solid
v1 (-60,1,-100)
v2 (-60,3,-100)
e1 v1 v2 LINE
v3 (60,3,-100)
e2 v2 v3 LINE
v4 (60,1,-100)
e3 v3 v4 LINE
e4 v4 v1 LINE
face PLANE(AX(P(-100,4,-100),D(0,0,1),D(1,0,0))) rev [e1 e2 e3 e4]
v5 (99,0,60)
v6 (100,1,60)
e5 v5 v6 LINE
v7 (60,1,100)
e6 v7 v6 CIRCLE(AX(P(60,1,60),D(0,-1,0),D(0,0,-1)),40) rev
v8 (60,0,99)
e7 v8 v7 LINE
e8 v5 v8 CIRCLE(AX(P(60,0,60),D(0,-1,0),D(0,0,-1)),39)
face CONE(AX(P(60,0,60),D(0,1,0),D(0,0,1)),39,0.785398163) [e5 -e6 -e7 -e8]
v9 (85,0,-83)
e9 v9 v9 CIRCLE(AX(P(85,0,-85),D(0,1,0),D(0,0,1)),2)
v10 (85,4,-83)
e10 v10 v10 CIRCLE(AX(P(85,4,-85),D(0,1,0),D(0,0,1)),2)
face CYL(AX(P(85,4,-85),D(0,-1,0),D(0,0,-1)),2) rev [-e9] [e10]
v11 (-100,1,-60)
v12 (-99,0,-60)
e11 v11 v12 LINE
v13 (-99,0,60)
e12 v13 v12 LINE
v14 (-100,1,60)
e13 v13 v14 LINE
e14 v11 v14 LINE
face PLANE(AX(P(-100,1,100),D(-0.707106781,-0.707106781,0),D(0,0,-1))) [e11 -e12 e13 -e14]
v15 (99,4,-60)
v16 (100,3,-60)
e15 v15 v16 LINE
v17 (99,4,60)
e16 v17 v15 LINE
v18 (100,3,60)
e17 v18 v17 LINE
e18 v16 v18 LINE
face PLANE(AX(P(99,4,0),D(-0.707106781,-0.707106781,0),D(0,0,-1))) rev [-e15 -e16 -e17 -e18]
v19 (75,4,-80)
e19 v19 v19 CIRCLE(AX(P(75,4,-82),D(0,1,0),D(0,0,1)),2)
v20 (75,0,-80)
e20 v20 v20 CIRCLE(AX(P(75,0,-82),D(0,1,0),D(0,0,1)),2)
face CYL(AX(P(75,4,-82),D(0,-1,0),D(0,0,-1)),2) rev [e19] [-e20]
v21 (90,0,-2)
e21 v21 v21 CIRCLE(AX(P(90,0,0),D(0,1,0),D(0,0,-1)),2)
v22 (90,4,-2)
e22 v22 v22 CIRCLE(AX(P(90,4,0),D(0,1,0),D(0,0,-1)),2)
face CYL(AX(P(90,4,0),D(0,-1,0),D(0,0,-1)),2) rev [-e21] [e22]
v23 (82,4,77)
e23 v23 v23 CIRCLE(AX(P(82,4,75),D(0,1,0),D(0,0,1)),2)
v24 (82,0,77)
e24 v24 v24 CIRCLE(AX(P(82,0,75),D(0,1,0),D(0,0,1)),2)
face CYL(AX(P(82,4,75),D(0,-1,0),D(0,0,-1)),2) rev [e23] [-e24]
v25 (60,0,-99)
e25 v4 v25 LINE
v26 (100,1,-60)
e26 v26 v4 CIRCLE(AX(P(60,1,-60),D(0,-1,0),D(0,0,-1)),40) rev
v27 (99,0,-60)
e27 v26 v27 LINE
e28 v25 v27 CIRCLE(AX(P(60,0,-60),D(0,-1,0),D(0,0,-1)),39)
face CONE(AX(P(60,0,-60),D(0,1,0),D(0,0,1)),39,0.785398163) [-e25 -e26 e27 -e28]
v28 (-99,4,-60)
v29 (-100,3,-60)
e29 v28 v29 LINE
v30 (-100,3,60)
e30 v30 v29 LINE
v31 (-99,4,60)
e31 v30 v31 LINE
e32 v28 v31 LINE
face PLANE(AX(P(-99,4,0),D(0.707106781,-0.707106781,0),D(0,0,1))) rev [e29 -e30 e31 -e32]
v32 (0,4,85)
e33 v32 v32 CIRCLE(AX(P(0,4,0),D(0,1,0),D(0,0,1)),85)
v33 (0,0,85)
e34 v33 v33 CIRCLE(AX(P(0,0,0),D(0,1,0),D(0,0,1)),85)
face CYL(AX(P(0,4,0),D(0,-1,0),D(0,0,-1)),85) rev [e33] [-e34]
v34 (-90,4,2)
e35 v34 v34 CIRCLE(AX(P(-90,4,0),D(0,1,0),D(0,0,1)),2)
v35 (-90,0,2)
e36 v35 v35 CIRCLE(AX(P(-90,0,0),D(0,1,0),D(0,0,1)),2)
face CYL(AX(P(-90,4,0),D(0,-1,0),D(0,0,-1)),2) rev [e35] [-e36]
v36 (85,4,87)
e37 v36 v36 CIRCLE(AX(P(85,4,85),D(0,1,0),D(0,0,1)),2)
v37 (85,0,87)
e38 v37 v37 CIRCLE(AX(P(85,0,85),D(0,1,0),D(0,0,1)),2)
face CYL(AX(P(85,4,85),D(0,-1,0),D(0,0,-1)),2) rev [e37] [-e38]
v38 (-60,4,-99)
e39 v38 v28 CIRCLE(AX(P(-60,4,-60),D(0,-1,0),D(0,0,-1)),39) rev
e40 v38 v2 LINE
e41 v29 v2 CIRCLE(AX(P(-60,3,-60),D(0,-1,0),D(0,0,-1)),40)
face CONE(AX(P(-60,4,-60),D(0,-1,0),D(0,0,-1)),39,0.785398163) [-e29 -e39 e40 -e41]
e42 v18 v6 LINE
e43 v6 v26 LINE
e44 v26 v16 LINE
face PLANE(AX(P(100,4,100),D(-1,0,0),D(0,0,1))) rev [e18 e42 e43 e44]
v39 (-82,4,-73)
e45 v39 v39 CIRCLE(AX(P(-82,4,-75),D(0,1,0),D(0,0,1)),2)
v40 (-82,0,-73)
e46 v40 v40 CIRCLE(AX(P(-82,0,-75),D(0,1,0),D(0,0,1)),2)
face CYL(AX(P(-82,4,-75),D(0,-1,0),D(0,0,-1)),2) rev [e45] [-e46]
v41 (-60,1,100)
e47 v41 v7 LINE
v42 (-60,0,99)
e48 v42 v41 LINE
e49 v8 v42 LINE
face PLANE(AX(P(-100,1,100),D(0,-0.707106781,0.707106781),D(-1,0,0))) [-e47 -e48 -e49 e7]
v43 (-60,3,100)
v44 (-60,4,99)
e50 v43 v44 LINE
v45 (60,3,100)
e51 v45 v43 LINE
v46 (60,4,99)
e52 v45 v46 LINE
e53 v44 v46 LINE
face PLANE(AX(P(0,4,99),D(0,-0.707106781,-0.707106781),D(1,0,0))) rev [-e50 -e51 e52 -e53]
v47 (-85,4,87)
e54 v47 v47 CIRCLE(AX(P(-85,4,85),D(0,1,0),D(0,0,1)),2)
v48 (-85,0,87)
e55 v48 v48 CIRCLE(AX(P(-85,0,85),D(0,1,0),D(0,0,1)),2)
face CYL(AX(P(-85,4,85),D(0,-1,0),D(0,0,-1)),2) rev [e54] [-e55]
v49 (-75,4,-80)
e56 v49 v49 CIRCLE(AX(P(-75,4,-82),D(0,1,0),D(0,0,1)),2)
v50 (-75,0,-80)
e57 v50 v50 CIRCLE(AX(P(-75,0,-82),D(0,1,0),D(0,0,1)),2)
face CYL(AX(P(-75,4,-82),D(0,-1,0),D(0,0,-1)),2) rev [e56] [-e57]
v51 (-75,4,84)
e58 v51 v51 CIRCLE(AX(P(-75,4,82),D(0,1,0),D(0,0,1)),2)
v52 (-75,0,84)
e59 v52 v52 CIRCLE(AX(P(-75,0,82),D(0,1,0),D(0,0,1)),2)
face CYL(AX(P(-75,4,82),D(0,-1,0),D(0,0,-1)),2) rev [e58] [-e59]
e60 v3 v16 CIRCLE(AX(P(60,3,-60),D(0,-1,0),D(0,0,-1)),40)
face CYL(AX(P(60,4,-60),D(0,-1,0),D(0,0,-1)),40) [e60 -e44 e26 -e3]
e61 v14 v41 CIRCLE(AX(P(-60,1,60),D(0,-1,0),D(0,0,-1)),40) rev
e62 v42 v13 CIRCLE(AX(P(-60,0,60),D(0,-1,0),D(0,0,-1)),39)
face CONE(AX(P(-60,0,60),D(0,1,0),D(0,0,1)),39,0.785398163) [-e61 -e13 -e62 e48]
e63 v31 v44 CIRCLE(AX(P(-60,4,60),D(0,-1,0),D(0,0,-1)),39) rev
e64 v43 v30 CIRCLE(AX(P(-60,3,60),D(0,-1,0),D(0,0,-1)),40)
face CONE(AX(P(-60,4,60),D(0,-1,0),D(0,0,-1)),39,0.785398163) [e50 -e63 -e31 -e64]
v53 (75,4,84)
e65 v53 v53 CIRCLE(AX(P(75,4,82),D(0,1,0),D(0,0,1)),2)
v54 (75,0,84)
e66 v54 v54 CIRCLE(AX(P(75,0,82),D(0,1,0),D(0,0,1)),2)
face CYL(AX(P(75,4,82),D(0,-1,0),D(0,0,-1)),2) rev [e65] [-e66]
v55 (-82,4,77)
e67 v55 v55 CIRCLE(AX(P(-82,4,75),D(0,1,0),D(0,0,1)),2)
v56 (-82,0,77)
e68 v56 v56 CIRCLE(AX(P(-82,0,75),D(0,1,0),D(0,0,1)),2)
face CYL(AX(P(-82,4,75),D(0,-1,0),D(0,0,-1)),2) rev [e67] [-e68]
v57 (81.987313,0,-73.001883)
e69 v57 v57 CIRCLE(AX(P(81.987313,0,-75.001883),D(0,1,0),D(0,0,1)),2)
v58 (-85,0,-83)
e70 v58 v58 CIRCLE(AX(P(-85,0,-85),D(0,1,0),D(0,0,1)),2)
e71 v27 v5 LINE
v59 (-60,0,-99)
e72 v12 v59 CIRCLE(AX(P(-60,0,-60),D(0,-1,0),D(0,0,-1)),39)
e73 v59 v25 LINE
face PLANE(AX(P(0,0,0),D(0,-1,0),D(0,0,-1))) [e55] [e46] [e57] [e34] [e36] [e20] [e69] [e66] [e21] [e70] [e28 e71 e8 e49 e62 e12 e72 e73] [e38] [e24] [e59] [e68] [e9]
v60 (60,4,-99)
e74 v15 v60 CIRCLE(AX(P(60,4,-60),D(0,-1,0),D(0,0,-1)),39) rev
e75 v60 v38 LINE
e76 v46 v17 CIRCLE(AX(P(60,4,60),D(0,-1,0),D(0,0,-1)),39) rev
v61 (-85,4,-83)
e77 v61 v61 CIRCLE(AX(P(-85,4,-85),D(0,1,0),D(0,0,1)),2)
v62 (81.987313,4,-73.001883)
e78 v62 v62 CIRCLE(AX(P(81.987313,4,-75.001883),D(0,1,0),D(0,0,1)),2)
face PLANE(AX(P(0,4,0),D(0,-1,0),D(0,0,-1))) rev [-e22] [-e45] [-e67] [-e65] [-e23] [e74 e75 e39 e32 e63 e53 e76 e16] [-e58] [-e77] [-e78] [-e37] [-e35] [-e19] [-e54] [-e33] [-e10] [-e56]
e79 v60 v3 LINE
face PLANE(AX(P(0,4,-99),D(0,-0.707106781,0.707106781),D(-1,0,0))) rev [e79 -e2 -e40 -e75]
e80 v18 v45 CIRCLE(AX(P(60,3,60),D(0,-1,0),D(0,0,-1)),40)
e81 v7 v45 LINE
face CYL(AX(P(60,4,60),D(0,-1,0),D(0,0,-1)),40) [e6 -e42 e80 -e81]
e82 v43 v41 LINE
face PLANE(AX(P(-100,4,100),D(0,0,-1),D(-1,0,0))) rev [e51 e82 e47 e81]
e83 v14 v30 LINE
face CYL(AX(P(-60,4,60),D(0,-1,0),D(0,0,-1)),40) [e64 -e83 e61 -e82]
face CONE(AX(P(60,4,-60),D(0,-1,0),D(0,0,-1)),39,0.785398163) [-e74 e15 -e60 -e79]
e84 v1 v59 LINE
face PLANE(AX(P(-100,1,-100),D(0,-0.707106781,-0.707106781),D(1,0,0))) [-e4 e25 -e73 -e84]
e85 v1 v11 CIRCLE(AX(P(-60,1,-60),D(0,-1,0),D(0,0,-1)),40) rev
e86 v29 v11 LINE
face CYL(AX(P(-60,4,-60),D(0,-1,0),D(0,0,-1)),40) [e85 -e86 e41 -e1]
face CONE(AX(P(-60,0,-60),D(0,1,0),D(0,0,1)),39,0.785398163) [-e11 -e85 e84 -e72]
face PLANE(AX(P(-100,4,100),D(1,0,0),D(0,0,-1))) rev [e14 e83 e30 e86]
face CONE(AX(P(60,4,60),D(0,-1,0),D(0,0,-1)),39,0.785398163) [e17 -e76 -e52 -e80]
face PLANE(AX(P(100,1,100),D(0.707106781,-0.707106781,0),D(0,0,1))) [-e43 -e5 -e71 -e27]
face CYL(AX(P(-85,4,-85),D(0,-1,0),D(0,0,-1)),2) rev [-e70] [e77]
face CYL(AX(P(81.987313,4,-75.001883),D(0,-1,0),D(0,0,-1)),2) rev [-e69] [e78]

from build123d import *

# Parameters (mm, degrees)
SKETCH_1_W      = 200
SKETCH_1_H      = 200
SKETCH_1_R      = 2
SKETCH_1_R_2    = 85
EXTRUDE_1_DEPTH = 4
FILLET_1_R      = 40
CHAMFER_1_SIZE  = 1


with BuildPart() as part:
    # Эскиз1 → Бобышка-Вытянуть1 (new body)
    with BuildSketch(Plane(origin=(0, 0, 0), x_dir=(1, 0, 0), z_dir=(0, 1, 0))):
        Rectangle(SKETCH_1_W, SKETCH_1_H)
        with Locations(Location((-85, 85, 0), (0, 0, 270))):
            Circle(SKETCH_1_R, mode=Mode.SUBTRACT)
        with Locations(Location((85, 85, 0), (0, 0, 270))):
            Circle(SKETCH_1_R, mode=Mode.SUBTRACT)
        with Locations(Location((85, -85, 0), (0, 0, 270))):
            Circle(SKETCH_1_R, mode=Mode.SUBTRACT)
        with Locations(Location((-85, -85, 0), (0, 0, 270))):
            Circle(SKETCH_1_R, mode=Mode.SUBTRACT)
        with Locations(Location((-90, 0, 0), (0, 0, 270))):
            Circle(SKETCH_1_R, mode=Mode.SUBTRACT)
        with Locations(Location((90, 0, 0), (0, 0, 90))):
            Circle(SKETCH_1_R, mode=Mode.SUBTRACT)
        with Locations(Location((75, 82, 0), (0, 0, 270))):
            Circle(SKETCH_1_R, mode=Mode.SUBTRACT)
        with Locations(Location((-75, 82, 0), (0, 0, 270))):
            Circle(SKETCH_1_R, mode=Mode.SUBTRACT)
        with Locations(Location((75, -82, 0), (0, 0, 270))):
            Circle(SKETCH_1_R, mode=Mode.SUBTRACT)
        with Locations(Location((-75, -82, 0), (0, 0, 270))):
            Circle(SKETCH_1_R, mode=Mode.SUBTRACT)
        with Locations(Location((82, -75, 0), (0, 0, 270))):
            Circle(SKETCH_1_R, mode=Mode.SUBTRACT)
        with Locations(Location((-82, -75, 0), (0, 0, 270))):
            Circle(SKETCH_1_R, mode=Mode.SUBTRACT)
        with Locations(Location((-82, 75, 0), (0, 0, 270))):
            Circle(SKETCH_1_R, mode=Mode.SUBTRACT)
        with Locations(Location((81.987312617, 75.001883036, 0), (0, 0, 270))):
            Circle(SKETCH_1_R, mode=Mode.SUBTRACT)
        with Locations(Location((0, 0, 0), (0, 0, 270))):
            Circle(SKETCH_1_R_2, mode=Mode.SUBTRACT)
    extrude(amount=EXTRUDE_1_DEPTH)

    # Скругление1
    fillet_1_edges = [part.edges().sort_by_distance(p)[0] for p in [
        (100, 2, 100),
        (-100, 2, 100),
        (-100, 2, -100),
        (100, 2, -100),
    ]]
    fillet(fillet_1_edges, radius=FILLET_1_R)

    # Фаска1
    chamfer_1_edges = [part.edges().sort_by_distance(p)[0] for p in [
        (-100, 0, 0),
        (-100, 4, 0),
        (100, 0, 0),
        (0, 0, 100),
        (0, 0, -100),
        (88.284271247, 0, 88.284271247),
        (88.284271247, 0, -88.284271247),
        (-88.284271247, 0, 88.284271247),
        (-88.284271247, 0, -88.284271247),
        (0, 4, -100),
        (100, 4, 0),
        (0, 4, 100),
        (88.284271247, 4, 88.284271247),
        (88.284271247, 4, -88.284271247),
        (-88.284271247, 4, 88.284271247),
        (-88.284271247, 4, -88.284271247),
    ]]
    chamfer(chamfer_1_edges, length=CHAMFER_1_SIZE)


solid = part.part
